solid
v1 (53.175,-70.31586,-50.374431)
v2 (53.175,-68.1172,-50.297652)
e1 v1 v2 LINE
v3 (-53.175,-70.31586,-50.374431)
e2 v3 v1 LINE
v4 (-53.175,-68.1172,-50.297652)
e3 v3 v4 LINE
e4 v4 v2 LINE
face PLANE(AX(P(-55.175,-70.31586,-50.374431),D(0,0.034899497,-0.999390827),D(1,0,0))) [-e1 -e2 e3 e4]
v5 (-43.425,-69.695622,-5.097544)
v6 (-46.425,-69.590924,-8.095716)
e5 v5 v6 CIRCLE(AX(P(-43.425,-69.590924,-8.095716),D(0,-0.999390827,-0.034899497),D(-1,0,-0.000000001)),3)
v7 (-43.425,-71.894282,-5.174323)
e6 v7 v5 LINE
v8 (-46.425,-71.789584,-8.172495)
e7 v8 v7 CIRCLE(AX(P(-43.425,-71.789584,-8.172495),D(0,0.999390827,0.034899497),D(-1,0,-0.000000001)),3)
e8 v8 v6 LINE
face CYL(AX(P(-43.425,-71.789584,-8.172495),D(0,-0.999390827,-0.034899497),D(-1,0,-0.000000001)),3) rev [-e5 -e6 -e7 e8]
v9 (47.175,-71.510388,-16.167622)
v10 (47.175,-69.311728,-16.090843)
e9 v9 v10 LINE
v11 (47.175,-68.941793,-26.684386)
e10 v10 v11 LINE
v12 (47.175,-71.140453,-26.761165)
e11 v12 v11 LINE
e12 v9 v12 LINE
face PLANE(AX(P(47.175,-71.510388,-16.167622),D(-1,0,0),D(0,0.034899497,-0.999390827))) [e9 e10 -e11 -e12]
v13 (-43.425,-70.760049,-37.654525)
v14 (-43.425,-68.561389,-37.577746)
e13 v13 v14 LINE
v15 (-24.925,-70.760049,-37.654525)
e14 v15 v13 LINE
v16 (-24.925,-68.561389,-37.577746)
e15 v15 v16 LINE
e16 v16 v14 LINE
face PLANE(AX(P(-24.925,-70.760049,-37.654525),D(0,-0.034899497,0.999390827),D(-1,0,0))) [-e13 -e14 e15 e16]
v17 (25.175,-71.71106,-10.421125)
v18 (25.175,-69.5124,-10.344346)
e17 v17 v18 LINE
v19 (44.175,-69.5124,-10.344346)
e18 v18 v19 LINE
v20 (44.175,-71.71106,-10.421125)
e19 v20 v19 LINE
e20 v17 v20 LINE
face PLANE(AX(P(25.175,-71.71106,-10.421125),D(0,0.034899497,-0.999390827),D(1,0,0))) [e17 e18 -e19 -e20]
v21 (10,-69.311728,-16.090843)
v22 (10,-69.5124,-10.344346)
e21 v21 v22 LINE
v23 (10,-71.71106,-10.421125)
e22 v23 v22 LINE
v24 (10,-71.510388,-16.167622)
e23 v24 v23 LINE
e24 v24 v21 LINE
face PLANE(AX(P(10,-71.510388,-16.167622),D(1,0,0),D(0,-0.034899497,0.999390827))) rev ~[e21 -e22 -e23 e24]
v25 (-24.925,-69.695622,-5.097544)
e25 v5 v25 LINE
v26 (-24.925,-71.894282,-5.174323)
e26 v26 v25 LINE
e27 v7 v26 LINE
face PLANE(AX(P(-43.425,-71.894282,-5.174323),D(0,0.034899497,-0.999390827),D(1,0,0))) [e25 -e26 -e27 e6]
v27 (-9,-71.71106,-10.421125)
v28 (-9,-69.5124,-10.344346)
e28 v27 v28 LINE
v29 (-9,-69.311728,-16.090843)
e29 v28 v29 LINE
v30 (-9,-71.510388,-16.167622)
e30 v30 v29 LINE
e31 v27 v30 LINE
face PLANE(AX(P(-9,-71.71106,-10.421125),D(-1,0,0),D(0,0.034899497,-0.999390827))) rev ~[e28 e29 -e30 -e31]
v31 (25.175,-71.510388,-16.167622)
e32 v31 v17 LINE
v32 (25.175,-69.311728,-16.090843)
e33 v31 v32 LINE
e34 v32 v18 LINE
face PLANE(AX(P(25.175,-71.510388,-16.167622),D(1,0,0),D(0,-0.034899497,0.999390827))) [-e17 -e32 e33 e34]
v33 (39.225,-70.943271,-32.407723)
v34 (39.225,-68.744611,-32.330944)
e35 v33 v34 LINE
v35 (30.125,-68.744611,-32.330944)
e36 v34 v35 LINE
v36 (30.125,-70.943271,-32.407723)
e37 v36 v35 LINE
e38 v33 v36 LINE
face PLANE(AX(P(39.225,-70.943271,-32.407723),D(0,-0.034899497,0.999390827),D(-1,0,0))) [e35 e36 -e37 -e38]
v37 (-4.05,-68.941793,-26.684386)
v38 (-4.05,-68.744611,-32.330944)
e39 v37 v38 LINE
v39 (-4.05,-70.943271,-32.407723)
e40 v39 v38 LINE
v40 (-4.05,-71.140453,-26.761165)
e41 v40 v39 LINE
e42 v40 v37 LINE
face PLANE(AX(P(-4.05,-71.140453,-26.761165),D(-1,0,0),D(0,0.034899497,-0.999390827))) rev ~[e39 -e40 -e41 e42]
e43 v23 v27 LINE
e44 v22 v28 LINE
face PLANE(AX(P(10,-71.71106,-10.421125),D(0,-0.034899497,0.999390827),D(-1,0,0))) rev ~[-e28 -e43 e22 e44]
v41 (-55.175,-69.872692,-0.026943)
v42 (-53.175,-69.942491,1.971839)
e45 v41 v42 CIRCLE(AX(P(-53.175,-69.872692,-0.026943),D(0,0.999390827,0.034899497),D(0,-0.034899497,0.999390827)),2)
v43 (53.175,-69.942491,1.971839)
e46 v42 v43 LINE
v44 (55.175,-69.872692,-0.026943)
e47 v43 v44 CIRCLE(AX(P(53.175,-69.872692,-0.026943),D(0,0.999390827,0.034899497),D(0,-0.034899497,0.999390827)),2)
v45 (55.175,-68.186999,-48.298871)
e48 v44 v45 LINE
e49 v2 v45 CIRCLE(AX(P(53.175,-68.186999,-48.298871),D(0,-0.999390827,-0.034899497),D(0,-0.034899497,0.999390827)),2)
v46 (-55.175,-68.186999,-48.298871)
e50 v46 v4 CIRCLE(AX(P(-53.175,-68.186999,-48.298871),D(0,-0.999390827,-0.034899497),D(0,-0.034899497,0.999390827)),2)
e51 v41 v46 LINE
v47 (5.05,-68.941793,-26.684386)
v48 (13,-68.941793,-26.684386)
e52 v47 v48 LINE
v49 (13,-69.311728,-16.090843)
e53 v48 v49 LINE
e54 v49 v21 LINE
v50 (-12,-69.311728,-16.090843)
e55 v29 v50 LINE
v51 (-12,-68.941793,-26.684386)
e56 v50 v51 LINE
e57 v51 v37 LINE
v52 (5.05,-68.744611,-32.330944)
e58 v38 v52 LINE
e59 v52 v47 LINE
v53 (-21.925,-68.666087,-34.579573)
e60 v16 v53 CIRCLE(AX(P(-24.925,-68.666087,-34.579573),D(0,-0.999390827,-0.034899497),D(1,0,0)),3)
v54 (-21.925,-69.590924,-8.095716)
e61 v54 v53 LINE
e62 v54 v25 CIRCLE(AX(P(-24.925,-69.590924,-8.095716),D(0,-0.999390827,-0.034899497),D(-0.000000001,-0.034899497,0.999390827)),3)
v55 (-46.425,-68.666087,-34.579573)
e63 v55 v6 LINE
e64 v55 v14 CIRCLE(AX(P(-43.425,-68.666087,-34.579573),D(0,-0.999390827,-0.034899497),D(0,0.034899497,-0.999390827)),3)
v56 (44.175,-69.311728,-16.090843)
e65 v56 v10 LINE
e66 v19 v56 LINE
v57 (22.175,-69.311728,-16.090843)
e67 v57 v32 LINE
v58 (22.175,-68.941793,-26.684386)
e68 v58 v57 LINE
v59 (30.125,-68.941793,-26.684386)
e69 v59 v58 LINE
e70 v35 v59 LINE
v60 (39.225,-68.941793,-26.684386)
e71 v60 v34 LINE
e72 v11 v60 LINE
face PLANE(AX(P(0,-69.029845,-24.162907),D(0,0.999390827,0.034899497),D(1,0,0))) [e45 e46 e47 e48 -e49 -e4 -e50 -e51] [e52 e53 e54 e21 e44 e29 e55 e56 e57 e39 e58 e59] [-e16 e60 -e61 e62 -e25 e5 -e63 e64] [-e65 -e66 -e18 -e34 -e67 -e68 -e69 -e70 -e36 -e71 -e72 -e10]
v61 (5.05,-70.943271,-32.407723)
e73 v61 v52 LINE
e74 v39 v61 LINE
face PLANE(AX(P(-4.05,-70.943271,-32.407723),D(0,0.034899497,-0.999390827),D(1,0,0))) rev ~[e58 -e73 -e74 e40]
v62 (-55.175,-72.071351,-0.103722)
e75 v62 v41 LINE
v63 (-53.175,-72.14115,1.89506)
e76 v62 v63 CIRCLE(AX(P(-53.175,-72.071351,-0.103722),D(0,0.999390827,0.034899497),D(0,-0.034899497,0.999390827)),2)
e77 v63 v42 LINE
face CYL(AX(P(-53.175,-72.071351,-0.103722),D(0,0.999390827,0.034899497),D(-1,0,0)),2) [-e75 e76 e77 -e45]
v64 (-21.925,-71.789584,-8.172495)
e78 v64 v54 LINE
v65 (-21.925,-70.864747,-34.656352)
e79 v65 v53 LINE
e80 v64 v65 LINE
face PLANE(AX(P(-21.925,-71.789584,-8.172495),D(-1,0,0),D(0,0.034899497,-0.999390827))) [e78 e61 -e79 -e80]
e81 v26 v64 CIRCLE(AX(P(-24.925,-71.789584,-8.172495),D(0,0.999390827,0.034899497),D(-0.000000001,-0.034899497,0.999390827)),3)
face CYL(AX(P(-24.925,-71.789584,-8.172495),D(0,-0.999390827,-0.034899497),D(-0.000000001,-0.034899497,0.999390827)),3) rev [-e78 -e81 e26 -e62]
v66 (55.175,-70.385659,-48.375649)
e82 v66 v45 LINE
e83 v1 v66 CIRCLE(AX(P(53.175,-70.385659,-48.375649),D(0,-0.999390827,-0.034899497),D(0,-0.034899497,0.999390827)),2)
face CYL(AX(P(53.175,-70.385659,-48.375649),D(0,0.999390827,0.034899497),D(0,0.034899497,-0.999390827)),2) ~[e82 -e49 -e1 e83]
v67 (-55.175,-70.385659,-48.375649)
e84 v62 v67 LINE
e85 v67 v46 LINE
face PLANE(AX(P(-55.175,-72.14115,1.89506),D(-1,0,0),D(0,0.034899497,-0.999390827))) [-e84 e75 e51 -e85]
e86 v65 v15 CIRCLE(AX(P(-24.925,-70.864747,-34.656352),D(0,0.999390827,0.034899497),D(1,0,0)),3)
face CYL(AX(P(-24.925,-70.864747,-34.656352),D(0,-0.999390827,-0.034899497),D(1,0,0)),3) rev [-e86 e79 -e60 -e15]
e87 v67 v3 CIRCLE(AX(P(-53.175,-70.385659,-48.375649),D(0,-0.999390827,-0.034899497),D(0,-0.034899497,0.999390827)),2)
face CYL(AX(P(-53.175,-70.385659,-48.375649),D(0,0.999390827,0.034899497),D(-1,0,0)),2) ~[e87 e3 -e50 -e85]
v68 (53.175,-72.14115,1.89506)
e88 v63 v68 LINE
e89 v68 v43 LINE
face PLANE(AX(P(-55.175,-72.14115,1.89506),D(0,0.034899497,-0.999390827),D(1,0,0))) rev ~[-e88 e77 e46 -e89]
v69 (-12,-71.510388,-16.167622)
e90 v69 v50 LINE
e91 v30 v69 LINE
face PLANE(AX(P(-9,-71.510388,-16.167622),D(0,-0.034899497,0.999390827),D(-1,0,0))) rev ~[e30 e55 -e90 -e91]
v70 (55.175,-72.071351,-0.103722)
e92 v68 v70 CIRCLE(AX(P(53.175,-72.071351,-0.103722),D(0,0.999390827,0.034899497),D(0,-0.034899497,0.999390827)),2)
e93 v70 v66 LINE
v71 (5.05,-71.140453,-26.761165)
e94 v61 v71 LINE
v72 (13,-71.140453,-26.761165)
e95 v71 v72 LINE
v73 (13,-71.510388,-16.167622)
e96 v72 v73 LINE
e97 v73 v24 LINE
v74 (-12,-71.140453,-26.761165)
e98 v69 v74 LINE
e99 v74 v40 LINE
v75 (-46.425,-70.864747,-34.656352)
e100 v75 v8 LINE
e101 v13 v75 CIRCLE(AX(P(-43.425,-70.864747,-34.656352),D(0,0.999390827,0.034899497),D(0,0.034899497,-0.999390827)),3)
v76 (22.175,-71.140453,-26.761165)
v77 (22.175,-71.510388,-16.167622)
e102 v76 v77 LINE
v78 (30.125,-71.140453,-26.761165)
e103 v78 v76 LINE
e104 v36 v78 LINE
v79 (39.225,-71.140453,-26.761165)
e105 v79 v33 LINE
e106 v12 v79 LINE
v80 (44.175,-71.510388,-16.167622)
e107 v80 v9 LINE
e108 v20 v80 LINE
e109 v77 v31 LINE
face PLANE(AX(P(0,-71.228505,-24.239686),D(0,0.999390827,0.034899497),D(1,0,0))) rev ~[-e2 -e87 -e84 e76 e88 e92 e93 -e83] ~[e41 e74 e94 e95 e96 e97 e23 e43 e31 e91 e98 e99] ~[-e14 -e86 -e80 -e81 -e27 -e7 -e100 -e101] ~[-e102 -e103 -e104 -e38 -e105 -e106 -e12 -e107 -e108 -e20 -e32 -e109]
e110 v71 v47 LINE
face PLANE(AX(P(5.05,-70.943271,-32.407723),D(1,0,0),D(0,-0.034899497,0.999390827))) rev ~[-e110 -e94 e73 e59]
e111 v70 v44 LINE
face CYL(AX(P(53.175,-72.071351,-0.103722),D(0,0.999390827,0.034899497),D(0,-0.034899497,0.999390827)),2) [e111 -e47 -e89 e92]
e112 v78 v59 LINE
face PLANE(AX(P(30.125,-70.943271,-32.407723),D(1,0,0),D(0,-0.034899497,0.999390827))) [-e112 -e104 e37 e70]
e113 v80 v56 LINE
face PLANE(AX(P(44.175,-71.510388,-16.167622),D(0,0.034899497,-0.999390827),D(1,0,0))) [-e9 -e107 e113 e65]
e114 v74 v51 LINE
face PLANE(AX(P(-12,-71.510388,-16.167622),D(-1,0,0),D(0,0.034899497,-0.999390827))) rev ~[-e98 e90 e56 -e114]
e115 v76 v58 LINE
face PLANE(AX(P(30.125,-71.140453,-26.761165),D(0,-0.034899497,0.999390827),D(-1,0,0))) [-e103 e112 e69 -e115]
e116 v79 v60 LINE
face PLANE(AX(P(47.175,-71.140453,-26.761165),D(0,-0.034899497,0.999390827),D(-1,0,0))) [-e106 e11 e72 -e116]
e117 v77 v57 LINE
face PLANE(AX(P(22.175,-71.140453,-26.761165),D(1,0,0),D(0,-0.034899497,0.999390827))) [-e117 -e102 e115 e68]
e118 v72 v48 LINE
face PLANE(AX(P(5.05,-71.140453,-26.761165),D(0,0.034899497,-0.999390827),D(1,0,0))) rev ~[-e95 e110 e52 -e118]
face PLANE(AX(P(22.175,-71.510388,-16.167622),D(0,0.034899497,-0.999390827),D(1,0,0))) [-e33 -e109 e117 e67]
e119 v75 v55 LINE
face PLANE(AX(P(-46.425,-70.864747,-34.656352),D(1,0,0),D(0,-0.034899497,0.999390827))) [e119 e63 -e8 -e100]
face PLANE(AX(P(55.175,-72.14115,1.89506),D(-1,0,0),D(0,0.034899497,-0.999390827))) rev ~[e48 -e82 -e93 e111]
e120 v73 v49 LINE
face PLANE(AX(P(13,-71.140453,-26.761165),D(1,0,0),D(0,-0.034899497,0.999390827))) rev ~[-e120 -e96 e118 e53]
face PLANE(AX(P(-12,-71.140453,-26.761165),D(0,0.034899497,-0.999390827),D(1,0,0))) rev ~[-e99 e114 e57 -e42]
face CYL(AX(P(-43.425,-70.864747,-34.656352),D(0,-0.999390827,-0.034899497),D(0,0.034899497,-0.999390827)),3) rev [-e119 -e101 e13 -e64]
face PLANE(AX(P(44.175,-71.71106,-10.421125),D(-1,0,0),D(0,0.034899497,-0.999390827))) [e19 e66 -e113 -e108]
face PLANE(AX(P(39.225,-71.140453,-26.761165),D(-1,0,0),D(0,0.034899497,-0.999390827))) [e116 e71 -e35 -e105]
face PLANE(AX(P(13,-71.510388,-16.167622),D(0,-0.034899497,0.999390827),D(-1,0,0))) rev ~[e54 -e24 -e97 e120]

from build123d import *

# Parameters (mm, degrees)
SKETCH1_W           = 110.35
SKETCH1_H           = 52.301351528
BOSS_EXTRUDE1_DEPTH = 2.2
CUT_EXTRUDE1_REACH  = 75.143
FILLET1_R           = 2


with BuildPart() as part:
    # Sketch1 → Boss-Extrude1 (new body)
    with BuildSketch(Plane(origin=(0, -71.98718802, -2.513847999), x_dir=(1, 0, 0), z_dir=(0, 0.9993908270190958, 0.03489949670250105))):
        with Locations((0, 21.739080484)):
            Rectangle(SKETCH1_W, SKETCH1_H)
    extrude(amount=BOSS_EXTRUDE1_DEPTH)

    # Sketch2 → Cut-Extrude1 (cut, up to next)
    with BuildSketch(Plane(origin=(0, -71.98718802, -2.513847999), x_dir=(1, 0, 0), z_dir=(0, -0.9993908270190958, -0.03489949670250106)), mode=Mode.PRIVATE) as cut_extrude1_sk1:
        Polygon((-4.05, -24.262096542), (-4.05, -29.912096542), (5.05, -29.912096542), (5.05, -24.262096542), (13, -24.262096542), (13, -13.662096542), (10, -13.662096542), (10, -7.912096542), (-9, -7.912096542), (-9, -13.662096542), (-12, -13.662096542), (-12, -24.262096542), align=None)
    cut_extrude1_tool1 = extrude(cut_extrude1_sk1.sketch, amount=-CUT_EXTRUDE1_REACH, mode=Mode.PRIVATE) & part.part
    # Sketch2 → Cut-Extrude1 (cut, up to next)
    with BuildSketch(Plane(origin=(0, -71.98718802, -2.513847999), x_dir=(1, 0, 0), z_dir=(0, -0.9993908270190958, -0.03489949670250106)), mode=Mode.PRIVATE) as cut_extrude1_sk2:
        with BuildLine():
            Line((-43.425, -2.662096542), (-24.925, -2.662096542))
            ThreePointArc((-24.925, -2.662096542), (-22.803679656, -3.540776198), (-21.925, -5.662096542))
            Line((-21.925, -5.662096542), (-21.925, -32.162096542))
            ThreePointArc((-21.925, -32.162096542), (-22.803679656, -34.283416885), (-24.925, -35.162096542))
            Line((-24.925, -35.162096542), (-43.425, -35.162096542))
            ThreePointArc((-43.425, -35.162096542), (-45.546320344, -34.283416885), (-46.425, -32.162096542))
            Line((-46.425, -32.162096542), (-46.425, -5.662096542))
            ThreePointArc((-46.425, -5.662096542), (-45.546320344, -3.540776198), (-43.425, -2.662096542))
        make_face()
    cut_extrude1_tool2 = extrude(cut_extrude1_sk2.sketch, amount=-CUT_EXTRUDE1_REACH, mode=Mode.PRIVATE) & part.part
    # Sketch2 → Cut-Extrude1 (cut, up to next)
    with BuildSketch(Plane(origin=(0, -71.98718802, -2.513847999), x_dir=(1, 0, 0), z_dir=(0, -0.9993908270190958, -0.03489949670250106)), mode=Mode.PRIVATE) as cut_extrude1_sk3:
        Polygon((30.125, -24.262096542), (22.175, -24.262096542), (22.175, -13.662096542), (25.175, -13.662096542), (25.175, -7.912096542), (44.175, -7.912096542), (44.175, -13.662096542), (47.175, -13.662096542), (47.175, -24.262096542), (39.225, -24.262096542), (39.225, -29.912096542), (30.125, -29.912096542), align=None)
    cut_extrude1_tool3 = extrude(cut_extrude1_sk3.sketch, amount=-CUT_EXTRUDE1_REACH, mode=Mode.PRIVATE) & part.part
    add(cut_extrude1_tool1.solids().sort_by_distance((0.5, -71.364395, -20.348299))[0], mode=Mode.SUBTRACT)
    add(cut_extrude1_tool2.solids().sort_by_distance((-34.175, -71.327165, -21.414424))[0], mode=Mode.SUBTRACT)
    add(cut_extrude1_tool3.solids().sort_by_distance((34.675, -71.364395, -20.348299))[0], mode=Mode.SUBTRACT)

    # Fillet1
    fillet1_edges = [part.edges().sort_by_distance(p)[0] for p in [
        (-55.175, -69.21652972, -50.336041655),
        (55.175, -69.21652972, -50.336041655),
        (55.175, -71.041820566, 1.933449303),
        (-55.175, -71.041820566, 1.933449303),
    ]]
    fillet(fillet1_edges, radius=FILLET1_R)


solid = part.part
